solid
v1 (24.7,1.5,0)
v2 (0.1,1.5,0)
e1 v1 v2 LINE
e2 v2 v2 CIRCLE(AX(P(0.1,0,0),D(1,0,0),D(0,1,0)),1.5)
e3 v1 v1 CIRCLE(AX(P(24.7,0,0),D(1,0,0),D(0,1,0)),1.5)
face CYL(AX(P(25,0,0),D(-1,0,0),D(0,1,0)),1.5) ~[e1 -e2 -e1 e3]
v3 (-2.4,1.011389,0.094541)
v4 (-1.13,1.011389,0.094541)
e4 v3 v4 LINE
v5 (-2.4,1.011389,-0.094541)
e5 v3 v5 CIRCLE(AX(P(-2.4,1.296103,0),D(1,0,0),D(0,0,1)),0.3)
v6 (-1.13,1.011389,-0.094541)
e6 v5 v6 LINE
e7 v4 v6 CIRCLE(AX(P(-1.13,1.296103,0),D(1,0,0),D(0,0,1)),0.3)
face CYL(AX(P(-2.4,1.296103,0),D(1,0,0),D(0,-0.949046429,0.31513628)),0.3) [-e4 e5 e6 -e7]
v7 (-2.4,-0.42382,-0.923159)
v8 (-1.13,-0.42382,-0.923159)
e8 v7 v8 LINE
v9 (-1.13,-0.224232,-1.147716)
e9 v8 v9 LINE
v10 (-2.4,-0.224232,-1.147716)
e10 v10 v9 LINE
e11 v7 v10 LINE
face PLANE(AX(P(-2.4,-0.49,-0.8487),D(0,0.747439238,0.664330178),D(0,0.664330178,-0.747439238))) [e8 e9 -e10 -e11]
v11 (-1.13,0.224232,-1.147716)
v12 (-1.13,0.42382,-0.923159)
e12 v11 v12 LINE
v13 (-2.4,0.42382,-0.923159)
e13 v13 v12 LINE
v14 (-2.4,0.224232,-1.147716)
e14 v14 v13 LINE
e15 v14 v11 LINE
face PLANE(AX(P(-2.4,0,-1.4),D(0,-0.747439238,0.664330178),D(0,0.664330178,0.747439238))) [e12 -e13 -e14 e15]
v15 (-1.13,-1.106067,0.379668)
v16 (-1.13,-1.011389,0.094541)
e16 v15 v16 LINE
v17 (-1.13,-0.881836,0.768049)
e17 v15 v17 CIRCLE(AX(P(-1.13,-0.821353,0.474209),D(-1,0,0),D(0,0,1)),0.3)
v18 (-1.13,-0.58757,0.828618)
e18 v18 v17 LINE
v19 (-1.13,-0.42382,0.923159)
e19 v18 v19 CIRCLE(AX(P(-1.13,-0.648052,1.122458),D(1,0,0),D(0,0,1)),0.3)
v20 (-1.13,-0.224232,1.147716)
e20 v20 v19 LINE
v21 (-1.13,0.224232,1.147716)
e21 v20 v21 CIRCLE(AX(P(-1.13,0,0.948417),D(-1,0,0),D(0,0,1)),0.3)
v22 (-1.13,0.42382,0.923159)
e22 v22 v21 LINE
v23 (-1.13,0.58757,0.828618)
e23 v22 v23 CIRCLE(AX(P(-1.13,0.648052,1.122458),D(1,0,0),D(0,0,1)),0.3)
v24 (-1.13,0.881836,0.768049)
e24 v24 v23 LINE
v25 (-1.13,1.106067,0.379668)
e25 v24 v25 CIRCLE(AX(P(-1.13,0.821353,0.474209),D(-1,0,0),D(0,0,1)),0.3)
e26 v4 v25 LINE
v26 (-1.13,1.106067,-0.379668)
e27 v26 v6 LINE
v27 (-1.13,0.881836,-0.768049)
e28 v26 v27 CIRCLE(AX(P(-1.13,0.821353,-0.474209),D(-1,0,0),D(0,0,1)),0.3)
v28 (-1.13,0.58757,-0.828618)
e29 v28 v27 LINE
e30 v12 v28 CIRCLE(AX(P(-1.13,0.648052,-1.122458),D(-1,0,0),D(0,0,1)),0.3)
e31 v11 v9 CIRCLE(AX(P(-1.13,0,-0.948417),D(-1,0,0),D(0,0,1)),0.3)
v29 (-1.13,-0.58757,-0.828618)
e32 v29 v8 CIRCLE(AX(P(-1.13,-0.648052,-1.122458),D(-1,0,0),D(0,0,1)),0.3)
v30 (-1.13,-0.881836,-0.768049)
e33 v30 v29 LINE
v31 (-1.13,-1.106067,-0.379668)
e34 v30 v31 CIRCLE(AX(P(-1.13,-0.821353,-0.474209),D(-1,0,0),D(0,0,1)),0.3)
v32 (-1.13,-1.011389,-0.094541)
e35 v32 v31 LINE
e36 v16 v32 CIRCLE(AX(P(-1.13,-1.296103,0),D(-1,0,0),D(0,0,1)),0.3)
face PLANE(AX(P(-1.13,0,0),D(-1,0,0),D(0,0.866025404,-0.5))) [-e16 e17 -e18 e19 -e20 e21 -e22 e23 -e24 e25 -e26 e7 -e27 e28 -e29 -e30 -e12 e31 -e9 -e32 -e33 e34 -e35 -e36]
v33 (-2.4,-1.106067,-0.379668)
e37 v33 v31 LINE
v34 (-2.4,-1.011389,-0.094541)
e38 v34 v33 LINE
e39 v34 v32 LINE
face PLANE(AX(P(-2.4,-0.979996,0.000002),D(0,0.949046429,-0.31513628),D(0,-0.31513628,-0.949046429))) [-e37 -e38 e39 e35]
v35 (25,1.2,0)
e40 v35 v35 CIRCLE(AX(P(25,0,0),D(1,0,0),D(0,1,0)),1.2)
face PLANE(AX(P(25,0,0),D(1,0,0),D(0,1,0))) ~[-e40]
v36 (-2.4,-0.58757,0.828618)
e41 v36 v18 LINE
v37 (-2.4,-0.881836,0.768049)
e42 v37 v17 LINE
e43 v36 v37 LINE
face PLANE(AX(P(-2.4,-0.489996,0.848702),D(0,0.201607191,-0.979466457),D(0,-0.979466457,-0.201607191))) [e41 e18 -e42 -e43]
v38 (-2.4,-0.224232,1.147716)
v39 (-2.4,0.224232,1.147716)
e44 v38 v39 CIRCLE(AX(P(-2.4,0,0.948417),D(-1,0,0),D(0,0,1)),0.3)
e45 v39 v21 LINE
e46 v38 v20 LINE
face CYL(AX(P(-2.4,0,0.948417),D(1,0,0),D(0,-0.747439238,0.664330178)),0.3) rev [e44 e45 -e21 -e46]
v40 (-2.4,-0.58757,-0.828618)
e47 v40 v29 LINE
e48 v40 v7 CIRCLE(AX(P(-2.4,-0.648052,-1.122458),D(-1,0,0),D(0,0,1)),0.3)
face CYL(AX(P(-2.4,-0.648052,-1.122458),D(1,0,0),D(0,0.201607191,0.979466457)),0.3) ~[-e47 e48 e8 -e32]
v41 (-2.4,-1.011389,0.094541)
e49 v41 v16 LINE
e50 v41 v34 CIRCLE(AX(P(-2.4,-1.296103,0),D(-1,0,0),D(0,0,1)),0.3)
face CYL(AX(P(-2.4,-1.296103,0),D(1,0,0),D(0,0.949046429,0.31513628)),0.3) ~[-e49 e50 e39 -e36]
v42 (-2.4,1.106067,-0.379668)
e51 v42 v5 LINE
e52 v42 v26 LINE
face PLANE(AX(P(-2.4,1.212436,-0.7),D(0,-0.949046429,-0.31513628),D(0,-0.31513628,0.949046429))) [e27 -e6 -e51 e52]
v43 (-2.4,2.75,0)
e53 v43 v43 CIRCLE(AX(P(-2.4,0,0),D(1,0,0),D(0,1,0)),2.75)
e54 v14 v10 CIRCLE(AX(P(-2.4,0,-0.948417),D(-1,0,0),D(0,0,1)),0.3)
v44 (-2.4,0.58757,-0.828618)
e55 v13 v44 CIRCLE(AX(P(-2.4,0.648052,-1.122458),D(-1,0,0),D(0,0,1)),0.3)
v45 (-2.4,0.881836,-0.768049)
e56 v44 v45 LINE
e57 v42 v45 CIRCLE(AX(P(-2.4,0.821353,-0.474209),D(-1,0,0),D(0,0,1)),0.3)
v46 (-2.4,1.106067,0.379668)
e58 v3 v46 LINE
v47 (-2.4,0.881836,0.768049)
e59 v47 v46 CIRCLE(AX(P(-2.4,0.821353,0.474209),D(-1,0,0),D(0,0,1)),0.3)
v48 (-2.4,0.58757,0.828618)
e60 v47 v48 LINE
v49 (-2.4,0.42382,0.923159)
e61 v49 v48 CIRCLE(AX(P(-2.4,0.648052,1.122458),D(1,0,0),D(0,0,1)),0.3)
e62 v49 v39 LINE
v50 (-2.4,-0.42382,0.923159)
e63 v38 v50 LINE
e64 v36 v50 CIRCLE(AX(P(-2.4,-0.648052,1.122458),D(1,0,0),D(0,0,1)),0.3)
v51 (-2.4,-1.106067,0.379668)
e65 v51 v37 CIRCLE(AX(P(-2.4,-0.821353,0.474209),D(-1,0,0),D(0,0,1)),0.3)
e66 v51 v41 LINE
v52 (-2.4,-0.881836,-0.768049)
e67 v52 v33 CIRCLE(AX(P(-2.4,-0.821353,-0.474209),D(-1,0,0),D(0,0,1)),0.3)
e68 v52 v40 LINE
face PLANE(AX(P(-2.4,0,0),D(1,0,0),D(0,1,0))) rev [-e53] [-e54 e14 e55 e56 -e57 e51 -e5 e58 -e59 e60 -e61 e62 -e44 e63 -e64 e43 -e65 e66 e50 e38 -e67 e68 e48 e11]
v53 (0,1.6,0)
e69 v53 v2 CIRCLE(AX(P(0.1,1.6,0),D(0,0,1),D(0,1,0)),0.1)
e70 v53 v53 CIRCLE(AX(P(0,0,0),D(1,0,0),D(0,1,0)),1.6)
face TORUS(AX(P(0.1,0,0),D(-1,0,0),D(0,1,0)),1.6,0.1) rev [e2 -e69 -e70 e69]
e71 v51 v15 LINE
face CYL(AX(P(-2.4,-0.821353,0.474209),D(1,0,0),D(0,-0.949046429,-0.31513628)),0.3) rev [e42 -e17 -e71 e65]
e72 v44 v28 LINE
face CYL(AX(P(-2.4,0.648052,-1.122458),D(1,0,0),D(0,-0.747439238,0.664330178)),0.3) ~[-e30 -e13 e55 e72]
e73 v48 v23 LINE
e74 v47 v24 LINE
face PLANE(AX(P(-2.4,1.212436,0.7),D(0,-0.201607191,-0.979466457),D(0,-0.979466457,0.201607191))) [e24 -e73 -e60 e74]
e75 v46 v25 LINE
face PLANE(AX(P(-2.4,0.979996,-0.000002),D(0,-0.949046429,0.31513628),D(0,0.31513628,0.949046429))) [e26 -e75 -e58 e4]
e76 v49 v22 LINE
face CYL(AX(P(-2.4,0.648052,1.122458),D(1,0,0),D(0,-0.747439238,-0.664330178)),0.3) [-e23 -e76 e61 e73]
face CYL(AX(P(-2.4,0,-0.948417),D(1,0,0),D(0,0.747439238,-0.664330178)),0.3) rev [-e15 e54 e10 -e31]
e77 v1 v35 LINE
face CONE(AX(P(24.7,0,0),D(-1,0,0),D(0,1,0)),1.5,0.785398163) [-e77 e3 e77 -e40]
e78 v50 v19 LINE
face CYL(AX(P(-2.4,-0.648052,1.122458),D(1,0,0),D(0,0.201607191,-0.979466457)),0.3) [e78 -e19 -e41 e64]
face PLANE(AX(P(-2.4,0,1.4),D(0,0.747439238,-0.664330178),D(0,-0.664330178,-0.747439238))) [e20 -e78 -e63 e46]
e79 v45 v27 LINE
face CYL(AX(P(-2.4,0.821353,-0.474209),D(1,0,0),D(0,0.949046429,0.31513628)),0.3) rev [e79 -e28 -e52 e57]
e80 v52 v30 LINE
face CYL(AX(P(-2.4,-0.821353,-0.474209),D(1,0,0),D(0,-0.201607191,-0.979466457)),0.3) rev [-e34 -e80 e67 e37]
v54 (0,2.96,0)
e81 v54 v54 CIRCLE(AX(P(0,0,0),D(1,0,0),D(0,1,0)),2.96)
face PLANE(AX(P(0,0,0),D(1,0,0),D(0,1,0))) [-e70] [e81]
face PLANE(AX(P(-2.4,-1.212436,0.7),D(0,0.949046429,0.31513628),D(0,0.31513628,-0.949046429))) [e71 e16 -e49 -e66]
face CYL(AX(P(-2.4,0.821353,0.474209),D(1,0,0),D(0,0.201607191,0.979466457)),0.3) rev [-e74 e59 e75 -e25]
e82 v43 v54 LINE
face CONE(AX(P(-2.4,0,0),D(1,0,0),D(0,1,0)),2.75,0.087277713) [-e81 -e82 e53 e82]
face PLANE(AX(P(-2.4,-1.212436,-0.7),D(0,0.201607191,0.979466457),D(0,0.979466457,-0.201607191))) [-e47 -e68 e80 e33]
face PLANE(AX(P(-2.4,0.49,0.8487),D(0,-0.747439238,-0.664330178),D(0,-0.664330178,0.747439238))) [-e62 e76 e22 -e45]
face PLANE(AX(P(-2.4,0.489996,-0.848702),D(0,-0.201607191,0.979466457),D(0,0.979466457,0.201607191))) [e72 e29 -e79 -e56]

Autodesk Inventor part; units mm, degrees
ref_plane "YZ Plane" through (0, 0, 0) normal (1, 0, 0) x (0, 1, 0)
ref_plane "XZ Plane" through (0, 0, 0) normal (0, 1, 0) x (-1, 0, 0)
ref_plane "XY Plane" through (0, 0, 0) normal (0, 0, 1) x (1, 0, 0)
sketch "Sketch1" plane through (0, 0, 0) normal (0, 0, 1) x (1, 0, 0)
  line L0 (0, 0) -> (25, 0)
  line L1 (25, 0) -> (25, 1.5)
  line L2 (25, 1.5) -> (0, 1.5)
  line L3 (0, 1.5) -> (0, 0)
  line L4 (0, 0) -> (-2.4, 0)
  line L5 (-2.4, 0) -> (-2.4, 2.75)
  line L6 (-2.4, 2.75) -> (0, 2.96)
  line L7 (0, 2.96) -> (0, 0)
  dimension "d0" = 3
  dimension "d3" = 25
  dimension "d46" = 85
  dimension "d47" = 2.4
  dimension "d49" = 5.5
revolve "Revolution1" add sketch "Sketch1" angle 360 about axis through (0, 0, 0) along (1, 0, 0)
thread "Thread1" size "M3x0.5" class "6g" standard "ISO Metric profile" length 25
sketch "Sketch2" plane through (-2.4, 0, 0) normal (-1, 0, 0) x (0, 0, 1)
  circle A0 centre (0, 0) radius 1.4 construction
  circle A1 centre (0, 0) radius 0.98 construction
  line L0 (-0.8487, -0.49) -> (-1.4, 0)
  line L1 (0, 0) -> (-0.8487, -0.49)
  line L2 (0, 0) -> (-0.8487, 0.49)
  line L3 (-4.144, 0) -> (4.144, 0) construction
  line L4 (-1.4, 0) -> (-0.8487, 0.49)
  dimension "d21" = 2.8
  dimension "d19" = 60
  dimension "d20" = 30
  dimension "d26" = 1.96
extrude "Extrusion1" cut sketch "Sketch2" against normal blind 1.27
pattern_circular "Circular Pattern1" count 6 over 360 about axis through (-2.4, 0, 0) along (1, 0, 0) of "Extrusion1"
fillet "Fillet2" radius 0.3 6 edges at (-1.765, 1.2124, -0.7) (-1.765, 1.2124, 0.7) (-1.765, 0, 1.4) (-1.765, -1.2124, 0.7) (-1.765, -1.2124, -0.7) (-1.765, 0, -1.4)
fillet "Fillet3" radius 0.3 6 edges at (-1.765, 0.98, 0) (-1.765, 0.49, -0.8487) (-1.765, -0.49, -0.8487) (-1.765, -0.98, 0) (-1.765, -0.49, 0.8487) (-1.765, 0.49, 0.8487)
fillet "Fillet5" radius 0.1 1 edges at (0, -1.5, 0)
chamfer "Chamfer2" distance 0.3 angle 45 1 edges at (25, -1.5, 0)
equation "\"d6\" = b"
equation "\"d21\" = A_"
equation "\"d20\" = 0.5 * d19"
equation "\"d26\" = 0.7 * d21"
equation "\"d27\" = t"
equation "\"d32\" = v"
equation "\"d33\" = v"
equation "\"d35\" = r"
equation "\"d36\" = v"
equation "\"d0\" = d"
equation "\"d3\" = l_"
equation "\"d47\" = k"
equation "\"d49\" = dk"
equation "\"A_\" = 2.8"
equation "\"d\" = 3"
equation "\"dk\" = 5.5"
equation "\"k\" = 2.4"
equation "\"l_\" = 25"
equation "\"lg\" = 0"
equation "\"t\" = 1.27"
equation "\"w\" = 0.55"
equation "\"v\" = 0.3"
equation "\"r\" = 0.1"
equation "\"da\" = 2.6"
equation "\"ds_\" = d"
equation "\"ls\" = 0"
equation "\"b\" = l_ - lg"
equation "\"p\" = 0.5"
properties part number "Šroub s válcovou hlavou a šestiramennou drážkou ISO 14580 - M3x25-4.8" material "Ocel, měkká"
